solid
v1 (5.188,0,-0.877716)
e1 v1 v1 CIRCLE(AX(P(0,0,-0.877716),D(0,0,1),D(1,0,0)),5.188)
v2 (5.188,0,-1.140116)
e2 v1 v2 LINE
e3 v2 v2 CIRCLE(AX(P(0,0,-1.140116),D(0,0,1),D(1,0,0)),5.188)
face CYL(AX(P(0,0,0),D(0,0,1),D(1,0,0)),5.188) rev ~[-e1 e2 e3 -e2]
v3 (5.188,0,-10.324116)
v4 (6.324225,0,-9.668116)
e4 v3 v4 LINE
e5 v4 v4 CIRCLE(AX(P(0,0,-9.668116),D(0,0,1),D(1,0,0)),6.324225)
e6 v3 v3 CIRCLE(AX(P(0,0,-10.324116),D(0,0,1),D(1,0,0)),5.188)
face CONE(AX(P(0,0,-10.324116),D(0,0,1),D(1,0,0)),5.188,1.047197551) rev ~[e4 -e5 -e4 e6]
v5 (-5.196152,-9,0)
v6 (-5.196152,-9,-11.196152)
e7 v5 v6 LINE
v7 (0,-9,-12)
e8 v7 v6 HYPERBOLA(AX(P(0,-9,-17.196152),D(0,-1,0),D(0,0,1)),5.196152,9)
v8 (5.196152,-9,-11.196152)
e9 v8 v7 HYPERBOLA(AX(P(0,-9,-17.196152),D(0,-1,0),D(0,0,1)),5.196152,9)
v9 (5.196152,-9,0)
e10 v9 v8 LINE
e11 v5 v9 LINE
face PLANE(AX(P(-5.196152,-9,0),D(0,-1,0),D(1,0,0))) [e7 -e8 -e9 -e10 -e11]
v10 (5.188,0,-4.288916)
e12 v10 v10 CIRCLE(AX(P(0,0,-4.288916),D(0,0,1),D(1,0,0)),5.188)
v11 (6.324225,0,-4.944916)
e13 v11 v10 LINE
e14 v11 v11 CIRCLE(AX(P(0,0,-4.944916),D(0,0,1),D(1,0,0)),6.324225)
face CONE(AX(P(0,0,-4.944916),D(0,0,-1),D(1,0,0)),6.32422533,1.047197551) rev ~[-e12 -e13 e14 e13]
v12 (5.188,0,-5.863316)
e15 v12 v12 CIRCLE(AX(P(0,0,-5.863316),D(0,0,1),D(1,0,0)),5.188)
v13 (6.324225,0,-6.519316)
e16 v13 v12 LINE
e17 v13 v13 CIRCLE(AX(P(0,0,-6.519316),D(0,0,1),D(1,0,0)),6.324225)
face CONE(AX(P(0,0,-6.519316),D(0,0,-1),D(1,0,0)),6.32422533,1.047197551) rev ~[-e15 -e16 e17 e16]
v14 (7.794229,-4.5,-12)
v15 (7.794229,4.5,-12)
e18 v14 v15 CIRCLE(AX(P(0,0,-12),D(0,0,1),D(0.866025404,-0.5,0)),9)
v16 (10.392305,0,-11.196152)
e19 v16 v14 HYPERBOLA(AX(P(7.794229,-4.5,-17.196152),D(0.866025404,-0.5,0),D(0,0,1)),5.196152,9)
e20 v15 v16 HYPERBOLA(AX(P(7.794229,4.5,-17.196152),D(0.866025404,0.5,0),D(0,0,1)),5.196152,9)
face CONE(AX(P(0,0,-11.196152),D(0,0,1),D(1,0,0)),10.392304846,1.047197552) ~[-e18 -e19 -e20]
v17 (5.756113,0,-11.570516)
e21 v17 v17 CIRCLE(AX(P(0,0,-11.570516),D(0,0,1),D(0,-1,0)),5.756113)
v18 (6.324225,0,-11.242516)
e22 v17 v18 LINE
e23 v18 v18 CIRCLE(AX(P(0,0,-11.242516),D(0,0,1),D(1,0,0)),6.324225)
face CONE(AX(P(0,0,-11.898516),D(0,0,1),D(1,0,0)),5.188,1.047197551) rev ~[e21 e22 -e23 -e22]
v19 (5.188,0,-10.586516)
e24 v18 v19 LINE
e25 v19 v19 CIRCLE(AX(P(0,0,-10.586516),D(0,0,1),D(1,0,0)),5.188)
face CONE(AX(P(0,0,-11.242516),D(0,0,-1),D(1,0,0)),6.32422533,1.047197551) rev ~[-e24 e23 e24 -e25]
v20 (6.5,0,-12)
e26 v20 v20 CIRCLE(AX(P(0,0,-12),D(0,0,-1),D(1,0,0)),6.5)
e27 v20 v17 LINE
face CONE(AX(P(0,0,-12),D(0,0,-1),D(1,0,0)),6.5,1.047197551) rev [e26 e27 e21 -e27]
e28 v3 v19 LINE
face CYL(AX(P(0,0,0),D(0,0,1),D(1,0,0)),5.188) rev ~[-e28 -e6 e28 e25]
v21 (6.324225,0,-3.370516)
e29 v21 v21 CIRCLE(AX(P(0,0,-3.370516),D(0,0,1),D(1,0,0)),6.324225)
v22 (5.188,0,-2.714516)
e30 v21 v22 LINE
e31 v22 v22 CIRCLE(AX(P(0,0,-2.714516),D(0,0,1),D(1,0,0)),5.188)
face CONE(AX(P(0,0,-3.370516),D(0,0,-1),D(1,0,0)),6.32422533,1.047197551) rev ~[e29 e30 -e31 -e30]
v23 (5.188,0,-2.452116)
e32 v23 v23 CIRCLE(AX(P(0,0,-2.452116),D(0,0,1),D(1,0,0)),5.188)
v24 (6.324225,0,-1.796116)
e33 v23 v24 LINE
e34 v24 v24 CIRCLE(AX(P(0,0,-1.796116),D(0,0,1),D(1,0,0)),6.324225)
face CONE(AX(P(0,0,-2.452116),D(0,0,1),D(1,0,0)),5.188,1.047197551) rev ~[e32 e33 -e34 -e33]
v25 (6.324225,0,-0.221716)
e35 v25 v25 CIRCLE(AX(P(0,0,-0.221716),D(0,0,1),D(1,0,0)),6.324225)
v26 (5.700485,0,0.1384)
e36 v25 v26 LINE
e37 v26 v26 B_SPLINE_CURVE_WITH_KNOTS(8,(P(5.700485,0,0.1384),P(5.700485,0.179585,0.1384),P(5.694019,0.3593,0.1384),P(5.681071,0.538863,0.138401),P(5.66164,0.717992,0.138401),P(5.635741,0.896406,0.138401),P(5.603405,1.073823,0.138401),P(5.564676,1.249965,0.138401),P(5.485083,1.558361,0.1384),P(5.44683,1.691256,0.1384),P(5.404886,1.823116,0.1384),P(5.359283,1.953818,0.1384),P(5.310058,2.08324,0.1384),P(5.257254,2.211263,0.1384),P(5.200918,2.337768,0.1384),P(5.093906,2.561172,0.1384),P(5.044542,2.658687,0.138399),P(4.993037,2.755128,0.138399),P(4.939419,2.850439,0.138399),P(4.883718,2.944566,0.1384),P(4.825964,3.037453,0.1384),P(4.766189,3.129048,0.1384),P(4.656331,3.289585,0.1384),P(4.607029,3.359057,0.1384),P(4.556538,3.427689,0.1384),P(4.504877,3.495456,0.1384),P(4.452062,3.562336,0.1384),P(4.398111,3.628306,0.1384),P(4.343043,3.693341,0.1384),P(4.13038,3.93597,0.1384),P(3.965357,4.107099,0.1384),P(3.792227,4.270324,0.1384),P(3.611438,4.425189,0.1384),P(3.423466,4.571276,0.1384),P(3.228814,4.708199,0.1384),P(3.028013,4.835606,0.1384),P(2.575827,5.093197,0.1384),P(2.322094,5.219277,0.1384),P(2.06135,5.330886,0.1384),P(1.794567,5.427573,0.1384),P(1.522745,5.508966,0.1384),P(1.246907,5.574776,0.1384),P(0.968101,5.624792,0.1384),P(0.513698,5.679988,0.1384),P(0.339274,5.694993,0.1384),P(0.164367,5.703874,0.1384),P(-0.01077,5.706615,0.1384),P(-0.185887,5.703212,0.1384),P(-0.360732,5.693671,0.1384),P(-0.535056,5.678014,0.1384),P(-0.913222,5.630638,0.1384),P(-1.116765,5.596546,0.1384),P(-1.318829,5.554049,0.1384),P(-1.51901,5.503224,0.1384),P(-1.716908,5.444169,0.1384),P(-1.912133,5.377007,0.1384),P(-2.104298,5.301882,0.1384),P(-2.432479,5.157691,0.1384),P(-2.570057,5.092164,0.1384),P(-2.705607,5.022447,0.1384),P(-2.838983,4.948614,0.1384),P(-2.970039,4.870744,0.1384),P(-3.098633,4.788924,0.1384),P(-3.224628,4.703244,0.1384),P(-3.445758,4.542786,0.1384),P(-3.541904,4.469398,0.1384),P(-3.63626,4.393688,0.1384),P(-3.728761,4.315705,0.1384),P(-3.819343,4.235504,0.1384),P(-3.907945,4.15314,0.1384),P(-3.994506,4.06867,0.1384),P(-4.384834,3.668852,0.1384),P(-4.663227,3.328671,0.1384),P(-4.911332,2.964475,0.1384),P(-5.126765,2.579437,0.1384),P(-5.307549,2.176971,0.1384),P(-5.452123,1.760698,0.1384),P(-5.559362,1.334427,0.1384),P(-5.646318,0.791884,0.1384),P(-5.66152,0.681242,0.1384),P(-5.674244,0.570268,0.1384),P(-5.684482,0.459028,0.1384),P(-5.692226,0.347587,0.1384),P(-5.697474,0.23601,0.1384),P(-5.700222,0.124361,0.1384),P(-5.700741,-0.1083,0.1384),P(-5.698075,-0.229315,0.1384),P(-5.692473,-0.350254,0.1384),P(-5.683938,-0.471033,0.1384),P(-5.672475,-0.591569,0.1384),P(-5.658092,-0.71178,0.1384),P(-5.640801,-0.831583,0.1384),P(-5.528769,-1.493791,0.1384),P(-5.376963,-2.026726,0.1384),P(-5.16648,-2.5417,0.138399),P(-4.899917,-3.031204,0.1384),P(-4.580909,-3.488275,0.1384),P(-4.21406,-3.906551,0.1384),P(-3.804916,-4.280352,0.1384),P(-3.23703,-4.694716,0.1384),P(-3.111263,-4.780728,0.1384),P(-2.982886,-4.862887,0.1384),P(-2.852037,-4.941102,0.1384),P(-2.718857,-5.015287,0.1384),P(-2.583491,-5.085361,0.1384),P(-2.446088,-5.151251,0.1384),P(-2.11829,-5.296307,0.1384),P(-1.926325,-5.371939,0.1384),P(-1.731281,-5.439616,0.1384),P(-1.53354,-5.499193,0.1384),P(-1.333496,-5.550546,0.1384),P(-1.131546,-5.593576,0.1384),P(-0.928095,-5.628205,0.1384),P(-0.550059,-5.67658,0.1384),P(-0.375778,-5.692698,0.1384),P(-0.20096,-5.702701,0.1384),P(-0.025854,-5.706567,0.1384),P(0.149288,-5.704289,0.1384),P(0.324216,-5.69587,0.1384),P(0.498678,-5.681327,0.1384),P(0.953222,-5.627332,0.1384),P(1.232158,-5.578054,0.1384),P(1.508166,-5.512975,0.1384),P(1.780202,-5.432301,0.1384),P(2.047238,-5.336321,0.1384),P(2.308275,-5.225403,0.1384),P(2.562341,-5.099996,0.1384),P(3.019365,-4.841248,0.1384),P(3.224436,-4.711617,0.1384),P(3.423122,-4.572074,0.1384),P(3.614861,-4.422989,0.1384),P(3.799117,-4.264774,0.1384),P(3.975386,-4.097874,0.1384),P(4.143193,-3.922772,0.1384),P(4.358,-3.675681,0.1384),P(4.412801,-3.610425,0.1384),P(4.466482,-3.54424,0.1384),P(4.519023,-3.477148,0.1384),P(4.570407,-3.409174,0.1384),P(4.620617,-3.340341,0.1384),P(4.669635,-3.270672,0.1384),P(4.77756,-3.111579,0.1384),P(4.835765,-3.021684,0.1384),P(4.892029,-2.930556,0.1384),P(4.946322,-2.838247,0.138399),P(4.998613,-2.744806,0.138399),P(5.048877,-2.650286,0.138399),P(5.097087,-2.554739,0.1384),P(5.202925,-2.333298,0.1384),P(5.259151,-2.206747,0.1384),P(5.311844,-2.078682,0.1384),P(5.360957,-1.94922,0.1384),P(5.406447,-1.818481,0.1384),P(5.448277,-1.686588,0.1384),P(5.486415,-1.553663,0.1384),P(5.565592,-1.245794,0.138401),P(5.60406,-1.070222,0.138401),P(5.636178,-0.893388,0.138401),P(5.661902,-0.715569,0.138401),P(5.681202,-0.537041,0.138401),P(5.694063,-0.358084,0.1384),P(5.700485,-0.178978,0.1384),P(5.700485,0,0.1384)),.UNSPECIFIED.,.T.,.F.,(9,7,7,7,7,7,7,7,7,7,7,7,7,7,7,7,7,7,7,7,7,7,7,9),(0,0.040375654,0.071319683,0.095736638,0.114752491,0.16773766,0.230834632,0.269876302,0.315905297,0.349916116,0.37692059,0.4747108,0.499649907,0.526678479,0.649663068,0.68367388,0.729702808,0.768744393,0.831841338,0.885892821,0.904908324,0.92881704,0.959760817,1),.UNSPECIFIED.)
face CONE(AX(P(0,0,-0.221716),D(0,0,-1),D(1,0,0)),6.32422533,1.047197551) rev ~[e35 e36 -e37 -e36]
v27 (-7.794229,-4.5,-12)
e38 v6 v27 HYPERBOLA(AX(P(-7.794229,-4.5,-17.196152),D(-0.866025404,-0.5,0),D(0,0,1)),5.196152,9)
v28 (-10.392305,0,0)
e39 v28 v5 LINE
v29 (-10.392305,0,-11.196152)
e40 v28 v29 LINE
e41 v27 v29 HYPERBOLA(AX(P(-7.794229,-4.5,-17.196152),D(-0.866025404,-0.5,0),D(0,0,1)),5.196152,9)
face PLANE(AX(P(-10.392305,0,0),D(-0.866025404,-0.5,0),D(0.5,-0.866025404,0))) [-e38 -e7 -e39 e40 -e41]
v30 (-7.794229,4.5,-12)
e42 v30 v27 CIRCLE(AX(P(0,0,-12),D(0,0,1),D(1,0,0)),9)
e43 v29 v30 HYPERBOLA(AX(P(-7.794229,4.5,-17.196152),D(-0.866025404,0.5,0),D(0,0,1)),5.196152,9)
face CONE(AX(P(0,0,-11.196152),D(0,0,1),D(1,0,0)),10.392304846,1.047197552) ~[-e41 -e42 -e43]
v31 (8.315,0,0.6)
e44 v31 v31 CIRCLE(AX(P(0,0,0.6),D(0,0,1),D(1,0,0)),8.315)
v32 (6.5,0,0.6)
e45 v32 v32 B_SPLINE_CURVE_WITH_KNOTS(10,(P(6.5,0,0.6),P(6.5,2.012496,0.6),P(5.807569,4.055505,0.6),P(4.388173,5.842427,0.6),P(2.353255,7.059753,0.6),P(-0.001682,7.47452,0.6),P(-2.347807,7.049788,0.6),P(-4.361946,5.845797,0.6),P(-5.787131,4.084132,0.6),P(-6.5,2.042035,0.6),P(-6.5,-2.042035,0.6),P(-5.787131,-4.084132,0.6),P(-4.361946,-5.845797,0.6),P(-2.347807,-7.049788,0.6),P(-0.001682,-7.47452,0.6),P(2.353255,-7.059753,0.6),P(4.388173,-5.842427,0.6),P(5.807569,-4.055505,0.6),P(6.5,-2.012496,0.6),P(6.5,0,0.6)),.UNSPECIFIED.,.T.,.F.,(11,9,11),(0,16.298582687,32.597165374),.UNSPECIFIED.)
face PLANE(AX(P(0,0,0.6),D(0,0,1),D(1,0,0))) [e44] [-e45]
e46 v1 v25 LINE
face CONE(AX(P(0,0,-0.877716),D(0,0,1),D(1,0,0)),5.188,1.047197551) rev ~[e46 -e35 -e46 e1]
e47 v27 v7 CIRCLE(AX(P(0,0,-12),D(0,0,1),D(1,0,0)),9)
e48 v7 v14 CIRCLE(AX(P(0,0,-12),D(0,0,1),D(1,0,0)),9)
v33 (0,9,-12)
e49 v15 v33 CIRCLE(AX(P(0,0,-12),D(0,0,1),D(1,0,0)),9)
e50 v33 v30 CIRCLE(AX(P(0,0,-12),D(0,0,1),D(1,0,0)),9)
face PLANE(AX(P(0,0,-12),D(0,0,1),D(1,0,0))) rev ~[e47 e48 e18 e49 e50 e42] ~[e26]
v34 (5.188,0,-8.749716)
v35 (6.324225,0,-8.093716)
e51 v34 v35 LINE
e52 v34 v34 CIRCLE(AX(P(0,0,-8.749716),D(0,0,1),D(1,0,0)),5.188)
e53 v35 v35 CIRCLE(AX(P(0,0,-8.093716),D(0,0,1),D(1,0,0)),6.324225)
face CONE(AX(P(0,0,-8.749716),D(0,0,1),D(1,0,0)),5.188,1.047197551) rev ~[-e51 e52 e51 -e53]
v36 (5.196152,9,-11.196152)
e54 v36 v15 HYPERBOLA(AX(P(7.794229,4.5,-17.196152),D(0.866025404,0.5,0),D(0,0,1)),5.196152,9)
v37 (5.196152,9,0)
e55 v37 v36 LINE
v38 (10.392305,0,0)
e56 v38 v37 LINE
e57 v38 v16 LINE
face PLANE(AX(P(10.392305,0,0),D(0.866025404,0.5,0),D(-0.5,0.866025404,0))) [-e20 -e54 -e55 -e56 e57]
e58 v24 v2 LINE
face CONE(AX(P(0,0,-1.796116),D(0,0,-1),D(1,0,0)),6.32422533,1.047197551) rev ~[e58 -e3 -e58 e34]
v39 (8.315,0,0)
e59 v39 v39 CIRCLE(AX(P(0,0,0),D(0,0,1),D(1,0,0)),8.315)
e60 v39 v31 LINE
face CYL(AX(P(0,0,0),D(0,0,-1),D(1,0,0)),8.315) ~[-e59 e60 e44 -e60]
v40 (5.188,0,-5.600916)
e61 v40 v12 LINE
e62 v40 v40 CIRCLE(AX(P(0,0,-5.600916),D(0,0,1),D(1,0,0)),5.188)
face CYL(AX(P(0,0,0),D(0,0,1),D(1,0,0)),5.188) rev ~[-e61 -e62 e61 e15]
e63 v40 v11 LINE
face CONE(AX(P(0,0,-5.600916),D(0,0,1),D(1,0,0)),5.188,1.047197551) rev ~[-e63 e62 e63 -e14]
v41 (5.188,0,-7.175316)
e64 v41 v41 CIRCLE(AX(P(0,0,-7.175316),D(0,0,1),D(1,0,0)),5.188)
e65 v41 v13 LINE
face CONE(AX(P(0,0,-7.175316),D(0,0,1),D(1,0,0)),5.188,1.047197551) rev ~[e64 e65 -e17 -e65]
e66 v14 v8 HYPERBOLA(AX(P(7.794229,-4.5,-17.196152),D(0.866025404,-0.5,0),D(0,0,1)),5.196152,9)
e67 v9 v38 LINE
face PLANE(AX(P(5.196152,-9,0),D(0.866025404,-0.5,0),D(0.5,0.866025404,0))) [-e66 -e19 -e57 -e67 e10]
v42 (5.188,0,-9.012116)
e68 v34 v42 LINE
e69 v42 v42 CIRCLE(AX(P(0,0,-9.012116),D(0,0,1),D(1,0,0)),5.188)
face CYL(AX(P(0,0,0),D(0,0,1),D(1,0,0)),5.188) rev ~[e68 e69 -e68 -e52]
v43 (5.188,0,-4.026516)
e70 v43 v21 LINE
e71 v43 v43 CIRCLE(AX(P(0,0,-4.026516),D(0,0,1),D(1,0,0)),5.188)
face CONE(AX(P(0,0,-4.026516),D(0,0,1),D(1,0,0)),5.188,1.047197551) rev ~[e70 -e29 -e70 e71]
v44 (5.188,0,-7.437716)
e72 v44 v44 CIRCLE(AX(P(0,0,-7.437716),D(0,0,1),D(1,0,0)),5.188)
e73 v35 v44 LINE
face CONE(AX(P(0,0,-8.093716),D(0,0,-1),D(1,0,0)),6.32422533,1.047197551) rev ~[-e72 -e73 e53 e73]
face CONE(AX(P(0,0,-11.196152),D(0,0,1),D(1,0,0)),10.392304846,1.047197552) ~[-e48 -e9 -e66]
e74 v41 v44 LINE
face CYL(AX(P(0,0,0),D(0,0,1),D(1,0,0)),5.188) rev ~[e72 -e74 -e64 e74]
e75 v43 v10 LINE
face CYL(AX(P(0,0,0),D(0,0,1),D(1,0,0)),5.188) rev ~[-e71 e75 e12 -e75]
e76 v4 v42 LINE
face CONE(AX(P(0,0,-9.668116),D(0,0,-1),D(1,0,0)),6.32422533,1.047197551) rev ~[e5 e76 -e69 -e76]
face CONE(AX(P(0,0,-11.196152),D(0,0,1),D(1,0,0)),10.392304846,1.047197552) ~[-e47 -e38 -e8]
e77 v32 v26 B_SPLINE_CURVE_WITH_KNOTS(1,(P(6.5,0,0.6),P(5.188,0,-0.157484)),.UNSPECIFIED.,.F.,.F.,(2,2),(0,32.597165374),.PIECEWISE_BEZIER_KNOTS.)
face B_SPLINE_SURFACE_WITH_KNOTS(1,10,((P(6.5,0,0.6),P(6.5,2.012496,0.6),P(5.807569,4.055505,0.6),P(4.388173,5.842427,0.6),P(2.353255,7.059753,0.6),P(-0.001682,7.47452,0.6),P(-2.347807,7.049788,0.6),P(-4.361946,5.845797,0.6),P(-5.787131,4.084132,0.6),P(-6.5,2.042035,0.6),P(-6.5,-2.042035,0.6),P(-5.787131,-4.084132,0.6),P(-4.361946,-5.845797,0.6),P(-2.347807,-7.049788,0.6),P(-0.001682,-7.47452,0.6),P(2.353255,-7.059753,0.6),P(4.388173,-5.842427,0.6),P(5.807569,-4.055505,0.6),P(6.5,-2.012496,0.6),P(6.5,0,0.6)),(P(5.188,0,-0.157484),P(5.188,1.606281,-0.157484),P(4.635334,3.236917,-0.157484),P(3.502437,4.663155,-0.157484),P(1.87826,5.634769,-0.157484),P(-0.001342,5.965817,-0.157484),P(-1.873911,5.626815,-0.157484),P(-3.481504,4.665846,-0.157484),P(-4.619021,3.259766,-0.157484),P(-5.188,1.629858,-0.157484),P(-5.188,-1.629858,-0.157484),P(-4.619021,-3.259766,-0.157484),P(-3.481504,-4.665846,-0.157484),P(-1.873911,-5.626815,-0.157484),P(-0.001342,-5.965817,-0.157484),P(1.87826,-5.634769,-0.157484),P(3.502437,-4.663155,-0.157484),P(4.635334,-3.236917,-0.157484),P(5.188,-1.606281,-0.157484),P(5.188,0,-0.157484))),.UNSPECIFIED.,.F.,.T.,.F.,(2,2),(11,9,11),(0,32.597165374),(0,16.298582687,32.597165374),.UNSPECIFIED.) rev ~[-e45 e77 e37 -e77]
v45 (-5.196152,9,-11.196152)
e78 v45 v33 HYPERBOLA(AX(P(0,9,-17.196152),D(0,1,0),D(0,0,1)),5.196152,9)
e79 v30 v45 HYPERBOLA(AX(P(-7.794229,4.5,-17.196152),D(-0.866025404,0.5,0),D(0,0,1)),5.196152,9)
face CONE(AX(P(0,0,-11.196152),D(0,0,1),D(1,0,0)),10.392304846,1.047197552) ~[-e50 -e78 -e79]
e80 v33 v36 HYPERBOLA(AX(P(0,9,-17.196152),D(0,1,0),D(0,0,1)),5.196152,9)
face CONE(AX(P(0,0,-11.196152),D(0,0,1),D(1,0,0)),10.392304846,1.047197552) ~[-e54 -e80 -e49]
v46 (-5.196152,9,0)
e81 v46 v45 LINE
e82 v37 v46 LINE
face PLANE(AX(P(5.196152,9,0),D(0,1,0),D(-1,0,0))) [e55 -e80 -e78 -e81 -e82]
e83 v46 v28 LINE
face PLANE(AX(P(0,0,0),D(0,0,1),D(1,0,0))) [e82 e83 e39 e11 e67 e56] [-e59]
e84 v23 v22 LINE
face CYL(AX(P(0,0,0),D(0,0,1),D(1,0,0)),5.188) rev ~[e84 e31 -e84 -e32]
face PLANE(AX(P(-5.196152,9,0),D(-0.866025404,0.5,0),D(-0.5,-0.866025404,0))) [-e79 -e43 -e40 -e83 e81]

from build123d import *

# Parameters (mm, degrees)
SKETCH1_R         = 5.188
BASENUT_DEPTH     = 12
SKETCH3_R         = 8.315
SKETCH3_R_2       = 5.188
EXTRUDE1_DEPTH    = 0.6
ENDCHAMFER3_SIZE  = 1.312
ENDCHAMFER3_SIZE2 = 0.757483553
LPATTERN10_COUNT  = 8
LPATTERN10_PITCH  = 1.5744


with BuildPart() as part:
    # Sketch1 → BaseNut (new body)
    with BuildSketch(Plane.XY):
        Polygon((5.196152423, -9), (10.392304845, 0), (5.196152423, 9), (-5.196152423, 9), (-10.392304845, 0), (-5.196152423, -9), align=None)
        Circle(SKETCH1_R, mode=Mode.SUBTRACT)
    extrude(amount=-BASENUT_DEPTH)

    # Sketch2 → Chamfer1 (revolve, cut)
    with BuildSketch(Plane(origin=(-16.706149795, 0, -15.04811501), x_dir=(0, 0, 1), z_dir=(0, 1, 0))):
        Polygon((3.04811501, 25.706149795), (3.04811501, 27.098454641), (3.851962587, 27.098454641), align=None)
    revolve(axis=Axis((0, 0, -38.770766557), (0, 0, 1)), mode=Mode.SUBTRACT)

    # Sketch6 → EndChamfer1 (revolve, cut)
    with BuildSketch(Plane(origin=(-9.197458863, 0, -10.252541137), x_dir=(0, 0, 1), z_dir=(0, 1, 0))):
        Polygon((-1.747458863, 14.385458863), (-1.747458863, 15.697458863), (-0.989975309, 14.385458863), align=None)
    revolve(axis=Axis((0, 0, 13.104863586), (0, 0, -1)), mode=Mode.SUBTRACT)

    # Sketch3 → Extrude1 (add)
    with BuildSketch(Plane(origin=(-18.48918612, 11.17895969, 0), x_dir=(1, 0, 0), z_dir=(0, 0, 1))):
        with Locations((18.48918612, -11.17895969)):
            Circle(SKETCH3_R)
        with Locations((18.48918612, -11.17895969)):
            Circle(SKETCH3_R_2, mode=Mode.SUBTRACT)
    extrude(amount=EXTRUDE1_DEPTH)

    # EndChamfer3
    endchamfer3_edges = [part.edges().sort_by_distance(p)[0] for p in [
        (-5.188, 0, 0.6),
    ]]
    endchamfer3_side = [part.faces().sort_by_distance(p)[0] for p in [
        (-8.079816285, 0, 0.6),
    ]]
    chamfer(endchamfer3_edges, length=ENDCHAMFER3_SIZE, length2=ENDCHAMFER3_SIZE2, reference=endchamfer3_side[0])

    # Sketch7 → Cut-Revolve10 (revolve, cut)
    with BuildSketch(Plane(origin=(0, 0, 0), x_dir=(1, 0, 0), z_dir=(0, 1, 0))):
        Polygon((3.876, 11.898516447), (5.188, 11.898516447), (6.32422533, 11.242516447), (5.188, 10.586516447), (3.876, 10.586516447), align=None)
    cut_revolve10 = revolve(axis=Axis((0, 0, -61.609777784), (0, 0, 1)), mode=Mode.SUBTRACT)

    # LPattern10: Cut-Revolve10 ×8
    with Locations(*[(0, 0, i * LPATTERN10_PITCH) for i in range(1, LPATTERN10_COUNT)]):
        add(cut_revolve10, mode=Mode.SUBTRACT)


solid = part.part
